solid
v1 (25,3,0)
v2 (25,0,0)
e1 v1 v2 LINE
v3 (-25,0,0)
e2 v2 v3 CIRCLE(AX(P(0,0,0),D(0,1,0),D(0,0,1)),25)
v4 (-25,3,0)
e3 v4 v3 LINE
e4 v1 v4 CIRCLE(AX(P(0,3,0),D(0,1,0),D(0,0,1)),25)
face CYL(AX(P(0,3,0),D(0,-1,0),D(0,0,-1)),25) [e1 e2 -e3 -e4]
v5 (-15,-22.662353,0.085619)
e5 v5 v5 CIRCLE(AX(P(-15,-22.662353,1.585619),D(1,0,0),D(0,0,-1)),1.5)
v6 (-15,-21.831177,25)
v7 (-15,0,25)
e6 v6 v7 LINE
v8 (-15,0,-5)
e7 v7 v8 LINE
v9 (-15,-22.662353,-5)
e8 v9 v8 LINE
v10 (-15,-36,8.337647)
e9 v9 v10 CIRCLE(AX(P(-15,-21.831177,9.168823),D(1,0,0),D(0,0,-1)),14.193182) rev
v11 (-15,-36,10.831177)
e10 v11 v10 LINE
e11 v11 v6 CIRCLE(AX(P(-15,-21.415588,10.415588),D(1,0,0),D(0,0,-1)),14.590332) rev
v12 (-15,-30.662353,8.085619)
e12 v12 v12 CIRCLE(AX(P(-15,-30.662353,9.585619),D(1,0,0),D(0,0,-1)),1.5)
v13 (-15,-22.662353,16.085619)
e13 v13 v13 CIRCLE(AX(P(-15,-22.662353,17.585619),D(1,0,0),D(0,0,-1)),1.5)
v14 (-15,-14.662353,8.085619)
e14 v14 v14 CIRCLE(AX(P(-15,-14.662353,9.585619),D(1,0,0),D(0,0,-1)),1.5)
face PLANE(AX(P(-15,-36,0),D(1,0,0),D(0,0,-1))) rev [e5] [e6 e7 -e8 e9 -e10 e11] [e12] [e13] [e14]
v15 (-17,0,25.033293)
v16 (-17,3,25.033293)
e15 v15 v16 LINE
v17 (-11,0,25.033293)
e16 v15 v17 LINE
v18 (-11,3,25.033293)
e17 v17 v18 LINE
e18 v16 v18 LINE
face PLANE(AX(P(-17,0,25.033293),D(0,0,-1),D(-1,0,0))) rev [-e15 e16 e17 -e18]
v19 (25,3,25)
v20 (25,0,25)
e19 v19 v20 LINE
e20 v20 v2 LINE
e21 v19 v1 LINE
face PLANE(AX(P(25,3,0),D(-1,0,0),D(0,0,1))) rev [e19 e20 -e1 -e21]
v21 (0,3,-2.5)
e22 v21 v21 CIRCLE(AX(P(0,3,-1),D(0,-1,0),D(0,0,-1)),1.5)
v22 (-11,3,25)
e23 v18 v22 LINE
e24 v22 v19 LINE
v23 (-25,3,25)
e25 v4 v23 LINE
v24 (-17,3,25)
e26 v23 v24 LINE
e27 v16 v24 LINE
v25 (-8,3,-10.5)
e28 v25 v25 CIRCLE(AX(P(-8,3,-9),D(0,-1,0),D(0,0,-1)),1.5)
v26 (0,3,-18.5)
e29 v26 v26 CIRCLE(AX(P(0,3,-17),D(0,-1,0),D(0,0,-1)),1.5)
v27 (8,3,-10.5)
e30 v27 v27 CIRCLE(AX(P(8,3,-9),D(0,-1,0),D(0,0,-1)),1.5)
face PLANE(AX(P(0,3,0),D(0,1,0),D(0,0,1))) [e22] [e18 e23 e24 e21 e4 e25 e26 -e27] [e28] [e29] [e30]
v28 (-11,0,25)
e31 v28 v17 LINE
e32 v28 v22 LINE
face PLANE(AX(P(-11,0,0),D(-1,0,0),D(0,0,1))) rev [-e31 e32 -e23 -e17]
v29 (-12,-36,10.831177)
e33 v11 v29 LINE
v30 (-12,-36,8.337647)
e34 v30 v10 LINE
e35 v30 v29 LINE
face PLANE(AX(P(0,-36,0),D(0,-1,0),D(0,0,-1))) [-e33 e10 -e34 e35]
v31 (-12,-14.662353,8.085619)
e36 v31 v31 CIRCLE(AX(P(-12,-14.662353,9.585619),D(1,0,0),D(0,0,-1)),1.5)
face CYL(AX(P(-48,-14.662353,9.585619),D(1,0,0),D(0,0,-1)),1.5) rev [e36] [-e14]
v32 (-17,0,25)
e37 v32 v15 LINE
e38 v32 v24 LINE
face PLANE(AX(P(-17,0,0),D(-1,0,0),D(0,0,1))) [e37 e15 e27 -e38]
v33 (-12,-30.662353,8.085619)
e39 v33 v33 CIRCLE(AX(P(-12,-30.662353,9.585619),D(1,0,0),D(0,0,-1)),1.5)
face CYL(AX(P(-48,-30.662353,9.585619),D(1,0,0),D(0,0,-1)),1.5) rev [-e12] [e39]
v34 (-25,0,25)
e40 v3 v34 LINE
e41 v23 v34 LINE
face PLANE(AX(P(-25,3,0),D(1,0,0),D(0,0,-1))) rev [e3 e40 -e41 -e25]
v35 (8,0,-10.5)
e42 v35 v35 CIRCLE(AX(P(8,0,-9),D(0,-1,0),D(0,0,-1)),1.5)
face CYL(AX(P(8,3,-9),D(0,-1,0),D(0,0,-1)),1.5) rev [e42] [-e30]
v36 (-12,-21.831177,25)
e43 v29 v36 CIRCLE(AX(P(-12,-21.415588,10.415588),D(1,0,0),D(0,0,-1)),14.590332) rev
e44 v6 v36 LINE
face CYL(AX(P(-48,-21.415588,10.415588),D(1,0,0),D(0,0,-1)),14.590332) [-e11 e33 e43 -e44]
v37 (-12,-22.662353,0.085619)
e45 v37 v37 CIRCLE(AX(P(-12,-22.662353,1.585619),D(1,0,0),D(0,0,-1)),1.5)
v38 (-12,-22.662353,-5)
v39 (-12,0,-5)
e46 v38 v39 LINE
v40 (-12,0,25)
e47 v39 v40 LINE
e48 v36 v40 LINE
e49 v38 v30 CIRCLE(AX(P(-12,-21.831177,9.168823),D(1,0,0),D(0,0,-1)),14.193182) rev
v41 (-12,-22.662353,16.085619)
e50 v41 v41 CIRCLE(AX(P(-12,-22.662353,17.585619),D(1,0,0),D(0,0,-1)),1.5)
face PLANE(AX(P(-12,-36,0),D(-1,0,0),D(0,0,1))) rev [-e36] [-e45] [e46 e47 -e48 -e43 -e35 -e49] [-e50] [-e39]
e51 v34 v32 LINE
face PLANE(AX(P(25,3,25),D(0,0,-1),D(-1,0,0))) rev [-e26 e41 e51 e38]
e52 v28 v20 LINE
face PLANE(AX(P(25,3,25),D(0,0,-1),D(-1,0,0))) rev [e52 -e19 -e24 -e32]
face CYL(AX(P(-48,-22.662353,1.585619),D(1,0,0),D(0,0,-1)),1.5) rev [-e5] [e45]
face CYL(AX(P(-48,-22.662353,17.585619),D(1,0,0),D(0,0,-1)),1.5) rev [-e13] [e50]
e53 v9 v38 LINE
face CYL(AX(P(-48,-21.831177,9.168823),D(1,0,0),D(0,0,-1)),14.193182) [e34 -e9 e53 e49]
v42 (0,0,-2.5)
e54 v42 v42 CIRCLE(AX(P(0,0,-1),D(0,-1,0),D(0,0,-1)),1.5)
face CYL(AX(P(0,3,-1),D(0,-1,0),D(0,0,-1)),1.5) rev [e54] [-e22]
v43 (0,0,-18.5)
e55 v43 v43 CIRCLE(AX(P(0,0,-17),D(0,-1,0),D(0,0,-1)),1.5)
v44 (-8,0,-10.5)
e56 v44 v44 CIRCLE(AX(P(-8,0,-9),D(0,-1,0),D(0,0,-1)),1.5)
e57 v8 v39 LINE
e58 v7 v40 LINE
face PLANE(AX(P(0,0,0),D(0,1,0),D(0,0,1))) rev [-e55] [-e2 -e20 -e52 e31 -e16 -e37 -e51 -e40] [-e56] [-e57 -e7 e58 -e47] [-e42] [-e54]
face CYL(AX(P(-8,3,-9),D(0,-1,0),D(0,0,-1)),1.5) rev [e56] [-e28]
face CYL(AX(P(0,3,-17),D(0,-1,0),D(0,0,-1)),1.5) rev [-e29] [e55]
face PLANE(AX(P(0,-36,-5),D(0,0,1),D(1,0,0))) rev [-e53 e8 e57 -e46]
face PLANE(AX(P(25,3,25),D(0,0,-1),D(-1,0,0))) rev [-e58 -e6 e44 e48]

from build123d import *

# Parameters (mm, degrees)
BOSS_EXTRU_1_DEPTH      = 3
ESQUISSE4_W             = 4
ESQUISSE4_H             = 25
ENL_V_MAT_EXTRU_1_DEPTH = 3
ESQUISSE5_R             = 1.5
ENL_V_MAT_EXTRU_2_DEPTH = 3
ESQUISSE9_W             = 25.088970056
ESQUISSE9_H             = 3
BOSS_EXTRU_5_DEPTH      = 6
ESQUISSE10_W            = 3
ESQUISSE10_H            = 30
BOSS_EXTRU_6_DEPTH      = 36
ESQUISSE12_R            = 1.5
ENL_V_MAT_EXTRU_3_DEPTH = 36
ESQUISSE8_W             = 25.033293463
ESQUISSE8_H             = 3
BOSS_EXTRU_4_DEPTH      = 6


with BuildPart() as part:
    # Esquisse2 → Boss.-Extru.1 (new body)
    with BuildSketch(Plane(origin=(0, 0, 0), x_dir=(1, 0, 0), z_dir=(0, 1, 0))):
        with BuildLine():
            Line((-25, 0), (-25, -25))
            Line((-25, -25), (25, -25))
            Line((25, -25), (25, 0))
            ThreePointArc((25, 0), (0, 25), (-25, 0))
        make_face()
    extrude(amount=BOSS_EXTRU_1_DEPTH)

    # Esquisse4 → Enlèv. mat.-Extru.1 (cut)
    with BuildSketch(Plane.XZ):
        with Locations((-13, 12.5)):
            Rectangle(ESQUISSE4_W, ESQUISSE4_H)
    extrude(amount=-ENL_V_MAT_EXTRU_1_DEPTH, mode=Mode.SUBTRACT)

    # Esquisse5 → Enlèv. mat.-Extru.2 (cut)
    with BuildSketch(Plane.XZ):
        with Locations(Location((8, -9, 0), (0, 0, 270))):
            Circle(ESQUISSE5_R)
        with Locations(Location((-8, -9, 0), (0, 0, 270))):
            Circle(ESQUISSE5_R)
        with Locations(Location((0, -17, 0), (0, 0, 270))):
            Circle(ESQUISSE5_R)
        with Locations(Location((0, -1, 0), (0, 0, 270))):
            Circle(ESQUISSE5_R)
    extrude(amount=-ENL_V_MAT_EXTRU_2_DEPTH, mode=Mode.SUBTRACT)

    # Esquisse9 → Boss.-Extru.5 (add)
    with BuildSketch(Plane(origin=(-15, 0, 0), x_dir=(0, 0, -1), z_dir=(1, 0, 0))):
        with Locations((-12.455514972, 1.5)):
            Rectangle(ESQUISSE9_W, ESQUISSE9_H)
    extrude(amount=BOSS_EXTRU_5_DEPTH)

    # Esquisse10 → Boss.-Extru.6 (add)
    with BuildSketch(Plane.XZ):
        with Locations((-13.5, 10)):
            Rectangle(ESQUISSE10_W, ESQUISSE10_H)
    extrude(amount=BOSS_EXTRU_6_DEPTH)

    # Esquisse12 → Enlèv. mat.-Extru.3 (cut)
    with BuildSketch(Plane(origin=(-12, 0, 0), x_dir=(0, 0, 1), z_dir=(1, 0, 0))):
        with BuildLine():
            Line((-5, 36), (-5, 22.662353219))
            ThreePointArc((-5, 22.662353219), (-0.867271737, 31.867271737), (8.337646782, 36))
            Line((8.337646782, 36), (-5, 36))
        make_face()
        with BuildLine():
            Line((25, 36), (10.831176607, 36))
            ThreePointArc((10.831176607, 36), (20.732510765, 31.732510766), (25, 21.831176609))
            Line((25, 21.831176609), (25, 36))
        make_face()
        with Locations(Location((9.585618663, 30.662353219, 0), (0, 0, 180))):
            Circle(ESQUISSE12_R)
        with Locations(Location((1.585618663, 22.662353219, 0), (0, 0, 180))):
            Circle(ESQUISSE12_R)
        with Locations(Location((9.585618663, 14.662353219, 0), (0, 0, 180))):
            Circle(ESQUISSE12_R)
        with Locations(Location((17.585618663, 22.662353219, 0), (0, 0, 180))):
            Circle(ESQUISSE12_R)
    extrude(amount=-ENL_V_MAT_EXTRU_3_DEPTH, mode=Mode.SUBTRACT)

    # Esquisse8 → Boss.-Extru.4 (add)
    with BuildSketch(Plane.ZY.offset(11)):
        with Locations((12.516646732, 1.5)):
            Rectangle(ESQUISSE8_W, ESQUISSE8_H)
    extrude(amount=BOSS_EXTRU_4_DEPTH)


solid = part.part
